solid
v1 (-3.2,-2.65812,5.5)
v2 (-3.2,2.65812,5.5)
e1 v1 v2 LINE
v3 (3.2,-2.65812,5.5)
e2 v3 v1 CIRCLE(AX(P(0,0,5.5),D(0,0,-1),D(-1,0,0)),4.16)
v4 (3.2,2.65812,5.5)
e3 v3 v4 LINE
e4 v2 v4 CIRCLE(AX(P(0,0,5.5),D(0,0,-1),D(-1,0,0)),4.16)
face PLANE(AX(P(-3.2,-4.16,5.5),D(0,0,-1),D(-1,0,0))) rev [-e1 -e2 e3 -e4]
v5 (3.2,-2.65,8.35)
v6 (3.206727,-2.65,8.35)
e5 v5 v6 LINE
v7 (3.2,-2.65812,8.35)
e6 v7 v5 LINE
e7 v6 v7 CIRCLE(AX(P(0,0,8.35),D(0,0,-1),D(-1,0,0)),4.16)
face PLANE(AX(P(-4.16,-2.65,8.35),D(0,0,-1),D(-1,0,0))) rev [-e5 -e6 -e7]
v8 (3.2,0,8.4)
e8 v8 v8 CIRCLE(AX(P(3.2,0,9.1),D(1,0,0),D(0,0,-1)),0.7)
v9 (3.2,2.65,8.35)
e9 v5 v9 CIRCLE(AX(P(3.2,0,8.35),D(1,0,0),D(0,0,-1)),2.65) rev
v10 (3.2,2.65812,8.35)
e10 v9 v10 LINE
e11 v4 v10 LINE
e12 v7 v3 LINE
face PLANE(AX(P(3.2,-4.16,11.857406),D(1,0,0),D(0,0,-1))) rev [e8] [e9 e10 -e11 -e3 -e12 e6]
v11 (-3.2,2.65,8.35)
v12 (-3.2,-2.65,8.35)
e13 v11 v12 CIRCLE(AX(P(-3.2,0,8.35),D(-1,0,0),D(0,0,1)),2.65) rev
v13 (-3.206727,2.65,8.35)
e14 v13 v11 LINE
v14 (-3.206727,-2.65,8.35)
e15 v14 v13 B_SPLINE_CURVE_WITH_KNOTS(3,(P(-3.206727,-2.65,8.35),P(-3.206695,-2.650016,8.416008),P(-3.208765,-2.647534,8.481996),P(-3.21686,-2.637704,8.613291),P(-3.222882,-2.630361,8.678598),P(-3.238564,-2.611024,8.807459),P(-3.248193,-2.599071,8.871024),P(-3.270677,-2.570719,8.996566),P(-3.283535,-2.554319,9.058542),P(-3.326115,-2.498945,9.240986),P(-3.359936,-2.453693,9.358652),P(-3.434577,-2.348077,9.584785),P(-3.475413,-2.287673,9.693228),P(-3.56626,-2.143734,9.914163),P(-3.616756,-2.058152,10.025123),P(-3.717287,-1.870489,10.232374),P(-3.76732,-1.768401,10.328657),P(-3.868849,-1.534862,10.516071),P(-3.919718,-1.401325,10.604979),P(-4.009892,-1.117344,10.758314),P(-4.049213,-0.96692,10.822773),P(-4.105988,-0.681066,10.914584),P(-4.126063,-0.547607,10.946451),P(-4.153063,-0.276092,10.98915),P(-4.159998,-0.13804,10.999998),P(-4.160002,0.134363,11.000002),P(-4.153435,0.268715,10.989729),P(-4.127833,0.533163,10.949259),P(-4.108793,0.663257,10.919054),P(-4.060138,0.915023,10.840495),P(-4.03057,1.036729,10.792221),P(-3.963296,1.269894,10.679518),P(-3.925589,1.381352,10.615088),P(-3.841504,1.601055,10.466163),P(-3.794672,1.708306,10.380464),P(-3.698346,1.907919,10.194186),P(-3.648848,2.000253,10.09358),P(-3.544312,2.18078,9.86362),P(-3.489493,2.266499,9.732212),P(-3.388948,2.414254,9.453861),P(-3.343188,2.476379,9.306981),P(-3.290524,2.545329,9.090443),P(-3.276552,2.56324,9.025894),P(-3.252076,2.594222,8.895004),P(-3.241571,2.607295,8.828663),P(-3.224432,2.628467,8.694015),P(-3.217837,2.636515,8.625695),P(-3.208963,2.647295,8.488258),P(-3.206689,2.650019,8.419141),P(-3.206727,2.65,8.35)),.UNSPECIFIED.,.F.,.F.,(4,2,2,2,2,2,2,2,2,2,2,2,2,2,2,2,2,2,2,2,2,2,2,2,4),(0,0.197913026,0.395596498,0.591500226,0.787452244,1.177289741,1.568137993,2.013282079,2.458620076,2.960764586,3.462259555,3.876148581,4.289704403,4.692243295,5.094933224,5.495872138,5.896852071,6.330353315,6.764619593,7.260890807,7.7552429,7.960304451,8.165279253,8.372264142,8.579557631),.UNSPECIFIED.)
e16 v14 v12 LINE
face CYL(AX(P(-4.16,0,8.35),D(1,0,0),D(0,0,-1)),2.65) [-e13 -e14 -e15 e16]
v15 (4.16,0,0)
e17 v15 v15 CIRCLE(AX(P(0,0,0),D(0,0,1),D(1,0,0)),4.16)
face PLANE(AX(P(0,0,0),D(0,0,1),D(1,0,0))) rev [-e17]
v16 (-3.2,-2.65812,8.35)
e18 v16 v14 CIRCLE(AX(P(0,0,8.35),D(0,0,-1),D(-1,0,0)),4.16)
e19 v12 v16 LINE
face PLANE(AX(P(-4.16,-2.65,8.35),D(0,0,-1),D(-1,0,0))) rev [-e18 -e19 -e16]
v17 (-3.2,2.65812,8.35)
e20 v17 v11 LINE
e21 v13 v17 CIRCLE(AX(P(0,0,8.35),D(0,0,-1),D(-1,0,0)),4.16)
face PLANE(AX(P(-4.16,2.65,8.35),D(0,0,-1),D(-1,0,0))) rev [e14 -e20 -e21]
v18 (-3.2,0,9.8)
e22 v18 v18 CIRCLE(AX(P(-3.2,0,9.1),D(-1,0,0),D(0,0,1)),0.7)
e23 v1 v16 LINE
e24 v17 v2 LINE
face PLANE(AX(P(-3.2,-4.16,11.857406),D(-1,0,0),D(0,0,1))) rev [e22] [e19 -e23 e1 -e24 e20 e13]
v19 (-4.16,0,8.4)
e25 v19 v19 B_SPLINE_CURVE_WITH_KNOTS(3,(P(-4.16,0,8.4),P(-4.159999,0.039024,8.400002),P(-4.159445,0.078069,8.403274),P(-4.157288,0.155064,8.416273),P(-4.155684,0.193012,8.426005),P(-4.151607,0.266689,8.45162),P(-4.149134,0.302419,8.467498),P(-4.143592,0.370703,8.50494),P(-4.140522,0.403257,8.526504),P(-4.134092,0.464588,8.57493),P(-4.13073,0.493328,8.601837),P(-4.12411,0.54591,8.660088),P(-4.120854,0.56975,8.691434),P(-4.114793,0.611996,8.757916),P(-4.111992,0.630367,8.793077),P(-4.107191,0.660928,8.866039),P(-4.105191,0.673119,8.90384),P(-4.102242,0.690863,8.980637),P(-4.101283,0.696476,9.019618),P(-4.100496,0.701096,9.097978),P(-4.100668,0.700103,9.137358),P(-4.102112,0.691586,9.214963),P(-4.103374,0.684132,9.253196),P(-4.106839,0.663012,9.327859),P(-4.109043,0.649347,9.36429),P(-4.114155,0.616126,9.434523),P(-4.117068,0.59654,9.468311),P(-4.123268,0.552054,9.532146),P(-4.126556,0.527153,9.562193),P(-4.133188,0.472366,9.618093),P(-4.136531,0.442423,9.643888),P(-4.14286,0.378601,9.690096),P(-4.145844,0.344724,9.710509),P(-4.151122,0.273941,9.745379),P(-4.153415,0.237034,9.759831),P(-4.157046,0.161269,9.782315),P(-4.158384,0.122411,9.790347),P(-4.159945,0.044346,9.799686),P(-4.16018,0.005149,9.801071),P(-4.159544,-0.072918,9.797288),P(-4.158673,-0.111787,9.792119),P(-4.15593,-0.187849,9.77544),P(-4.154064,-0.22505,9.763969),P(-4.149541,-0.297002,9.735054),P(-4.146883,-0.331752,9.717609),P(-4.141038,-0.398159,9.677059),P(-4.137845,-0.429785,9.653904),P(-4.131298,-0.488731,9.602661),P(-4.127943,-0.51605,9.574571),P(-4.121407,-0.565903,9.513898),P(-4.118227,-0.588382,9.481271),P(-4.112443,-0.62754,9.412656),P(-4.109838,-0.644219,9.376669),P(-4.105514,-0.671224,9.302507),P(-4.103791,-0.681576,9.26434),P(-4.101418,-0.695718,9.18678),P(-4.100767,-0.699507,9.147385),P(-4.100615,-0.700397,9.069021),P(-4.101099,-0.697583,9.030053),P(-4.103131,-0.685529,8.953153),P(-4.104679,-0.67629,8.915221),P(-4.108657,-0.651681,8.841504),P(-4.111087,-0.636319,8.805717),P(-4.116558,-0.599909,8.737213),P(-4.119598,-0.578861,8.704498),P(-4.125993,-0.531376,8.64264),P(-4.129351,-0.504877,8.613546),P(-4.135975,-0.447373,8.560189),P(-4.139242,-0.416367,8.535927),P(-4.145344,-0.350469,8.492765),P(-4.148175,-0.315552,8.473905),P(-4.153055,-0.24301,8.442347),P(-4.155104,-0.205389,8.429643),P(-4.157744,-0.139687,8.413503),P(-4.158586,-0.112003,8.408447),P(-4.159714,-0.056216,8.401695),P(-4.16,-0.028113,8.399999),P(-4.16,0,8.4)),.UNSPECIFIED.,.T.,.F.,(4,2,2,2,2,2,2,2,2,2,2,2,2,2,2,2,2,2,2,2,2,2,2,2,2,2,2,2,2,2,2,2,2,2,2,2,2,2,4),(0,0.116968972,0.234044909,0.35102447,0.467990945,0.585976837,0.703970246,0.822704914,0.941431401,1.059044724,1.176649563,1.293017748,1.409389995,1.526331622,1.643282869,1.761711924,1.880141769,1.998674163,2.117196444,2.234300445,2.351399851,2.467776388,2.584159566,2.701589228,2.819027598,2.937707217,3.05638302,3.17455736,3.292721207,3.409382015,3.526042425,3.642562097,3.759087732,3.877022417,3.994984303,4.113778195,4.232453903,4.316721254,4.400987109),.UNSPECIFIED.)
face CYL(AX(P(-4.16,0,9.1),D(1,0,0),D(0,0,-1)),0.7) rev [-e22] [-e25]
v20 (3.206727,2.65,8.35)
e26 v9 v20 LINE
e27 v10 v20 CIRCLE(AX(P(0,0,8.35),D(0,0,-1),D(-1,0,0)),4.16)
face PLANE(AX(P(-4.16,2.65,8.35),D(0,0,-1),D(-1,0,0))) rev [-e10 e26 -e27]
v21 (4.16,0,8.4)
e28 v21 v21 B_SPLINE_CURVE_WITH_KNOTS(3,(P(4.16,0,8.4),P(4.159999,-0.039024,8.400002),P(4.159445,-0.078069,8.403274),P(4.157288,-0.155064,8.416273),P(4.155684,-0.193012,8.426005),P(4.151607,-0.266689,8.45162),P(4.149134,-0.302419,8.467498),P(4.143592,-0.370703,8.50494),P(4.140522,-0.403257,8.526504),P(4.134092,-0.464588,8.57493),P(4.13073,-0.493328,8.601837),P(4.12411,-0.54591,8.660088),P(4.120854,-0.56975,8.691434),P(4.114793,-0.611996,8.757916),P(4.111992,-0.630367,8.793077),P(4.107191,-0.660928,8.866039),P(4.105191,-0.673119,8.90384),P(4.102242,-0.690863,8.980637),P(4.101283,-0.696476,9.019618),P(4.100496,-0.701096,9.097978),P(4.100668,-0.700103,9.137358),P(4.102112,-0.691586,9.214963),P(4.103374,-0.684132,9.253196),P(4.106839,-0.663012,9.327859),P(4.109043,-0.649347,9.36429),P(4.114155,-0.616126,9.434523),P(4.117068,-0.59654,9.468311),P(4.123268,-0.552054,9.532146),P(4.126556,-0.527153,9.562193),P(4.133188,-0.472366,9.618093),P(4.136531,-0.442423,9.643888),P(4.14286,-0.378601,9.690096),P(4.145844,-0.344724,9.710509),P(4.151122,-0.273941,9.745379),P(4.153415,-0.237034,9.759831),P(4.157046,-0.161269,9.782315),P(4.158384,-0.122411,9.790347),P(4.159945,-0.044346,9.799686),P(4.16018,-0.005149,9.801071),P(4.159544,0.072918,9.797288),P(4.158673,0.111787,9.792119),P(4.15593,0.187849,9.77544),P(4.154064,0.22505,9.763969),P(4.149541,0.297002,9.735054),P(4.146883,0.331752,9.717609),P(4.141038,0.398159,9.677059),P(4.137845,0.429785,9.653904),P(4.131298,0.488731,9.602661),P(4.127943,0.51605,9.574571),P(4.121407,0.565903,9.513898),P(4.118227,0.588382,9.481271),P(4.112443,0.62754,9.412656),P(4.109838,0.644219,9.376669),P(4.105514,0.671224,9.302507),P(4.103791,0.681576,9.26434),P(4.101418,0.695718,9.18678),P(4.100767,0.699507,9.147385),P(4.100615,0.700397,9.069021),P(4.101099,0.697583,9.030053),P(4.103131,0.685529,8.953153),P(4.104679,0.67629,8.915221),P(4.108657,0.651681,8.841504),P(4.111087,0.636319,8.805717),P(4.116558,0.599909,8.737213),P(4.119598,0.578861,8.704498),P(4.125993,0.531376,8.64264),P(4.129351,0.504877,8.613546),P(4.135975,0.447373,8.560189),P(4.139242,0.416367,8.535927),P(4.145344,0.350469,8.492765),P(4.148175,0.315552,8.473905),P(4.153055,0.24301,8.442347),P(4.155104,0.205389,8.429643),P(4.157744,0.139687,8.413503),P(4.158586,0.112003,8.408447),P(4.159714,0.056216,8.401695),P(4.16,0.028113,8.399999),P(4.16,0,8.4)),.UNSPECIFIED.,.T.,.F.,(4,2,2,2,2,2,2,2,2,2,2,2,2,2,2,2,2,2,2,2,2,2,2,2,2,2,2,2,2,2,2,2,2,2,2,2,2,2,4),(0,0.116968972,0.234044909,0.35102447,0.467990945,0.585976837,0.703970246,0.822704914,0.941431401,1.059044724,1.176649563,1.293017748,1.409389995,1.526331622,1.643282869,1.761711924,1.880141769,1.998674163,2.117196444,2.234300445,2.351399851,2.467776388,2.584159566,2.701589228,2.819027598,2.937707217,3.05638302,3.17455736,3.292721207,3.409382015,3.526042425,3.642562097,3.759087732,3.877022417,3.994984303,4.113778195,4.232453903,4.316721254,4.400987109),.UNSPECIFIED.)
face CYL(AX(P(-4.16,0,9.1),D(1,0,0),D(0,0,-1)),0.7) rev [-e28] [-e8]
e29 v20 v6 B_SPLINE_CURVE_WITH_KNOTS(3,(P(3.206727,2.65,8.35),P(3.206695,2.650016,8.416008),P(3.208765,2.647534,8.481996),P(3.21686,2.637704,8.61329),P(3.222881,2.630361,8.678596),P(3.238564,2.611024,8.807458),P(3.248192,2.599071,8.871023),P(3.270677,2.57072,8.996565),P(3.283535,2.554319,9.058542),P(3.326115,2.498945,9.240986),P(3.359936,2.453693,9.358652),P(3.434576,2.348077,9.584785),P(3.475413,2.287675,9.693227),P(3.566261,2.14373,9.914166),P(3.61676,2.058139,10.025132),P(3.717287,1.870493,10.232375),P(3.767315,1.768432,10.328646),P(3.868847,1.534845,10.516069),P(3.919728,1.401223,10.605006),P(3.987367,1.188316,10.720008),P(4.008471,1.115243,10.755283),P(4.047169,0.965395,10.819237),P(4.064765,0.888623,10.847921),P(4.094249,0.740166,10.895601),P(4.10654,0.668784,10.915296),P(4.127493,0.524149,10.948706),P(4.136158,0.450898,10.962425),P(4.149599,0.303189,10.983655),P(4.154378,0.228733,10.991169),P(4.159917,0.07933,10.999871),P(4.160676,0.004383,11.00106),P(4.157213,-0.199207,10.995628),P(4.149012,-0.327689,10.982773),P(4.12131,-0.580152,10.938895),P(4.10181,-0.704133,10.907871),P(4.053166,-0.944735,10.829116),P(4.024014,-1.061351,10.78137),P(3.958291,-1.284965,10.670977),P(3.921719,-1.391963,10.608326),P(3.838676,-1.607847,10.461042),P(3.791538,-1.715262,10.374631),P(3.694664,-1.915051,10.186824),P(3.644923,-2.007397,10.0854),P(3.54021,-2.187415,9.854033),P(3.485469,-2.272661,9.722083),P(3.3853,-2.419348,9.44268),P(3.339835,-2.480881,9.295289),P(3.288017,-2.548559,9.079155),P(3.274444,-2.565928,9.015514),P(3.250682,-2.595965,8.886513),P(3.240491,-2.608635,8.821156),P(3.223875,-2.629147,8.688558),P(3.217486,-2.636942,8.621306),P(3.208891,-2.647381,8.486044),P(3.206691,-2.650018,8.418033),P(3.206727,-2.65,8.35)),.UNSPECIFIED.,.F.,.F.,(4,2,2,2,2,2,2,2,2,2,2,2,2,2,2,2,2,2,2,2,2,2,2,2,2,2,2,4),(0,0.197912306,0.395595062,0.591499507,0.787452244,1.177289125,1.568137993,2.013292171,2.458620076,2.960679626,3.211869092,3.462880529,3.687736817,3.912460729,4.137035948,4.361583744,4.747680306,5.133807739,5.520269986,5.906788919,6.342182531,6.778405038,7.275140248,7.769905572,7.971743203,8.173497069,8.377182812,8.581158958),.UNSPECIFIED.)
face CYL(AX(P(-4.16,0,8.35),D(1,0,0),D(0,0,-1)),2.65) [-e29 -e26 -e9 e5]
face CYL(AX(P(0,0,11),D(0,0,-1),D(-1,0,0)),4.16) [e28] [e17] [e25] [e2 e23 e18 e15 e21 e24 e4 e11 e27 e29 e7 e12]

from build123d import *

# Parameters (mm, degrees)
SKETCH1_R           = 4.16
EXTRUDE1_DEPTH      = 11
SKETCH2_W           = 6.4
SKETCH2_H           = 6.357406019
EXTRUDE2_DEPTH      = 5.16
EXTRUDE2_DEPTH_BACK = 5.16
EXTRUDE3_DEPTH      = 5.16
EXTRUDE3_DEPTH_BACK = 5.16
SKETCH4_R           = 0.7
EXTRUDE4_DEPTH      = 5.1600001
EXTRUDE4_DEPTH_BACK = 5.1600001


with BuildPart() as part:
    # Sketch1 → Extrude1 (new body)
    with BuildSketch(Plane.XY):
        Circle(SKETCH1_R)
    extrude(amount=EXTRUDE1_DEPTH)

    # Sketch2 → Extrude2 (cut, two sides)
    with BuildSketch(Plane(origin=(0, 0, 0), x_dir=(1, 0, 0), z_dir=(0, 1, 0))) as extrude2_sk:
        with Locations((0, -8.67870301)):
            Rectangle(SKETCH2_W, SKETCH2_H)
    extrude(amount=EXTRUDE2_DEPTH, mode=Mode.SUBTRACT)
    extrude(extrude2_sk.sketch, amount=-EXTRUDE2_DEPTH_BACK, mode=Mode.SUBTRACT)

    # Sketch3 → Extrude3 (cut, two sides)
    with BuildSketch(Plane(origin=(0, 0, 0), x_dir=(0, 0, -1), z_dir=(1, 0, 0))) as extrude3_sk:
        with BuildLine():
            Line((-8.35, 2.65), (-8.35, 3.836721977))
            Line((-8.35, 3.836721977), (-12.822156105, 3.836721977))
            Line((-12.822156105, 3.836721977), (-12.822156105, -4.605164147))
            Line((-12.822156105, -4.605164147), (-8.35, -4.492230912))
            Line((-8.35, -4.492230912), (-8.35, -2.65))
            ThreePointArc((-8.35, -2.65), (-11, 0), (-8.35, 2.65))
        make_face()
    extrude(amount=EXTRUDE3_DEPTH, mode=Mode.SUBTRACT)
    extrude(extrude3_sk.sketch, amount=-EXTRUDE3_DEPTH_BACK, mode=Mode.SUBTRACT)

    # Sketch4 → Extrude4 (cut, two sides)
    with BuildSketch(Plane(origin=(0, 0, 0), x_dir=(0, 0, -1), z_dir=(1, 0, 0))) as extrude4_sk:
        with Locations((-9.1, 0)):
            Circle(SKETCH4_R)
    extrude(amount=EXTRUDE4_DEPTH, mode=Mode.SUBTRACT)
    extrude(extrude4_sk.sketch, amount=-EXTRUDE4_DEPTH_BACK, mode=Mode.SUBTRACT)


solid = part.part
